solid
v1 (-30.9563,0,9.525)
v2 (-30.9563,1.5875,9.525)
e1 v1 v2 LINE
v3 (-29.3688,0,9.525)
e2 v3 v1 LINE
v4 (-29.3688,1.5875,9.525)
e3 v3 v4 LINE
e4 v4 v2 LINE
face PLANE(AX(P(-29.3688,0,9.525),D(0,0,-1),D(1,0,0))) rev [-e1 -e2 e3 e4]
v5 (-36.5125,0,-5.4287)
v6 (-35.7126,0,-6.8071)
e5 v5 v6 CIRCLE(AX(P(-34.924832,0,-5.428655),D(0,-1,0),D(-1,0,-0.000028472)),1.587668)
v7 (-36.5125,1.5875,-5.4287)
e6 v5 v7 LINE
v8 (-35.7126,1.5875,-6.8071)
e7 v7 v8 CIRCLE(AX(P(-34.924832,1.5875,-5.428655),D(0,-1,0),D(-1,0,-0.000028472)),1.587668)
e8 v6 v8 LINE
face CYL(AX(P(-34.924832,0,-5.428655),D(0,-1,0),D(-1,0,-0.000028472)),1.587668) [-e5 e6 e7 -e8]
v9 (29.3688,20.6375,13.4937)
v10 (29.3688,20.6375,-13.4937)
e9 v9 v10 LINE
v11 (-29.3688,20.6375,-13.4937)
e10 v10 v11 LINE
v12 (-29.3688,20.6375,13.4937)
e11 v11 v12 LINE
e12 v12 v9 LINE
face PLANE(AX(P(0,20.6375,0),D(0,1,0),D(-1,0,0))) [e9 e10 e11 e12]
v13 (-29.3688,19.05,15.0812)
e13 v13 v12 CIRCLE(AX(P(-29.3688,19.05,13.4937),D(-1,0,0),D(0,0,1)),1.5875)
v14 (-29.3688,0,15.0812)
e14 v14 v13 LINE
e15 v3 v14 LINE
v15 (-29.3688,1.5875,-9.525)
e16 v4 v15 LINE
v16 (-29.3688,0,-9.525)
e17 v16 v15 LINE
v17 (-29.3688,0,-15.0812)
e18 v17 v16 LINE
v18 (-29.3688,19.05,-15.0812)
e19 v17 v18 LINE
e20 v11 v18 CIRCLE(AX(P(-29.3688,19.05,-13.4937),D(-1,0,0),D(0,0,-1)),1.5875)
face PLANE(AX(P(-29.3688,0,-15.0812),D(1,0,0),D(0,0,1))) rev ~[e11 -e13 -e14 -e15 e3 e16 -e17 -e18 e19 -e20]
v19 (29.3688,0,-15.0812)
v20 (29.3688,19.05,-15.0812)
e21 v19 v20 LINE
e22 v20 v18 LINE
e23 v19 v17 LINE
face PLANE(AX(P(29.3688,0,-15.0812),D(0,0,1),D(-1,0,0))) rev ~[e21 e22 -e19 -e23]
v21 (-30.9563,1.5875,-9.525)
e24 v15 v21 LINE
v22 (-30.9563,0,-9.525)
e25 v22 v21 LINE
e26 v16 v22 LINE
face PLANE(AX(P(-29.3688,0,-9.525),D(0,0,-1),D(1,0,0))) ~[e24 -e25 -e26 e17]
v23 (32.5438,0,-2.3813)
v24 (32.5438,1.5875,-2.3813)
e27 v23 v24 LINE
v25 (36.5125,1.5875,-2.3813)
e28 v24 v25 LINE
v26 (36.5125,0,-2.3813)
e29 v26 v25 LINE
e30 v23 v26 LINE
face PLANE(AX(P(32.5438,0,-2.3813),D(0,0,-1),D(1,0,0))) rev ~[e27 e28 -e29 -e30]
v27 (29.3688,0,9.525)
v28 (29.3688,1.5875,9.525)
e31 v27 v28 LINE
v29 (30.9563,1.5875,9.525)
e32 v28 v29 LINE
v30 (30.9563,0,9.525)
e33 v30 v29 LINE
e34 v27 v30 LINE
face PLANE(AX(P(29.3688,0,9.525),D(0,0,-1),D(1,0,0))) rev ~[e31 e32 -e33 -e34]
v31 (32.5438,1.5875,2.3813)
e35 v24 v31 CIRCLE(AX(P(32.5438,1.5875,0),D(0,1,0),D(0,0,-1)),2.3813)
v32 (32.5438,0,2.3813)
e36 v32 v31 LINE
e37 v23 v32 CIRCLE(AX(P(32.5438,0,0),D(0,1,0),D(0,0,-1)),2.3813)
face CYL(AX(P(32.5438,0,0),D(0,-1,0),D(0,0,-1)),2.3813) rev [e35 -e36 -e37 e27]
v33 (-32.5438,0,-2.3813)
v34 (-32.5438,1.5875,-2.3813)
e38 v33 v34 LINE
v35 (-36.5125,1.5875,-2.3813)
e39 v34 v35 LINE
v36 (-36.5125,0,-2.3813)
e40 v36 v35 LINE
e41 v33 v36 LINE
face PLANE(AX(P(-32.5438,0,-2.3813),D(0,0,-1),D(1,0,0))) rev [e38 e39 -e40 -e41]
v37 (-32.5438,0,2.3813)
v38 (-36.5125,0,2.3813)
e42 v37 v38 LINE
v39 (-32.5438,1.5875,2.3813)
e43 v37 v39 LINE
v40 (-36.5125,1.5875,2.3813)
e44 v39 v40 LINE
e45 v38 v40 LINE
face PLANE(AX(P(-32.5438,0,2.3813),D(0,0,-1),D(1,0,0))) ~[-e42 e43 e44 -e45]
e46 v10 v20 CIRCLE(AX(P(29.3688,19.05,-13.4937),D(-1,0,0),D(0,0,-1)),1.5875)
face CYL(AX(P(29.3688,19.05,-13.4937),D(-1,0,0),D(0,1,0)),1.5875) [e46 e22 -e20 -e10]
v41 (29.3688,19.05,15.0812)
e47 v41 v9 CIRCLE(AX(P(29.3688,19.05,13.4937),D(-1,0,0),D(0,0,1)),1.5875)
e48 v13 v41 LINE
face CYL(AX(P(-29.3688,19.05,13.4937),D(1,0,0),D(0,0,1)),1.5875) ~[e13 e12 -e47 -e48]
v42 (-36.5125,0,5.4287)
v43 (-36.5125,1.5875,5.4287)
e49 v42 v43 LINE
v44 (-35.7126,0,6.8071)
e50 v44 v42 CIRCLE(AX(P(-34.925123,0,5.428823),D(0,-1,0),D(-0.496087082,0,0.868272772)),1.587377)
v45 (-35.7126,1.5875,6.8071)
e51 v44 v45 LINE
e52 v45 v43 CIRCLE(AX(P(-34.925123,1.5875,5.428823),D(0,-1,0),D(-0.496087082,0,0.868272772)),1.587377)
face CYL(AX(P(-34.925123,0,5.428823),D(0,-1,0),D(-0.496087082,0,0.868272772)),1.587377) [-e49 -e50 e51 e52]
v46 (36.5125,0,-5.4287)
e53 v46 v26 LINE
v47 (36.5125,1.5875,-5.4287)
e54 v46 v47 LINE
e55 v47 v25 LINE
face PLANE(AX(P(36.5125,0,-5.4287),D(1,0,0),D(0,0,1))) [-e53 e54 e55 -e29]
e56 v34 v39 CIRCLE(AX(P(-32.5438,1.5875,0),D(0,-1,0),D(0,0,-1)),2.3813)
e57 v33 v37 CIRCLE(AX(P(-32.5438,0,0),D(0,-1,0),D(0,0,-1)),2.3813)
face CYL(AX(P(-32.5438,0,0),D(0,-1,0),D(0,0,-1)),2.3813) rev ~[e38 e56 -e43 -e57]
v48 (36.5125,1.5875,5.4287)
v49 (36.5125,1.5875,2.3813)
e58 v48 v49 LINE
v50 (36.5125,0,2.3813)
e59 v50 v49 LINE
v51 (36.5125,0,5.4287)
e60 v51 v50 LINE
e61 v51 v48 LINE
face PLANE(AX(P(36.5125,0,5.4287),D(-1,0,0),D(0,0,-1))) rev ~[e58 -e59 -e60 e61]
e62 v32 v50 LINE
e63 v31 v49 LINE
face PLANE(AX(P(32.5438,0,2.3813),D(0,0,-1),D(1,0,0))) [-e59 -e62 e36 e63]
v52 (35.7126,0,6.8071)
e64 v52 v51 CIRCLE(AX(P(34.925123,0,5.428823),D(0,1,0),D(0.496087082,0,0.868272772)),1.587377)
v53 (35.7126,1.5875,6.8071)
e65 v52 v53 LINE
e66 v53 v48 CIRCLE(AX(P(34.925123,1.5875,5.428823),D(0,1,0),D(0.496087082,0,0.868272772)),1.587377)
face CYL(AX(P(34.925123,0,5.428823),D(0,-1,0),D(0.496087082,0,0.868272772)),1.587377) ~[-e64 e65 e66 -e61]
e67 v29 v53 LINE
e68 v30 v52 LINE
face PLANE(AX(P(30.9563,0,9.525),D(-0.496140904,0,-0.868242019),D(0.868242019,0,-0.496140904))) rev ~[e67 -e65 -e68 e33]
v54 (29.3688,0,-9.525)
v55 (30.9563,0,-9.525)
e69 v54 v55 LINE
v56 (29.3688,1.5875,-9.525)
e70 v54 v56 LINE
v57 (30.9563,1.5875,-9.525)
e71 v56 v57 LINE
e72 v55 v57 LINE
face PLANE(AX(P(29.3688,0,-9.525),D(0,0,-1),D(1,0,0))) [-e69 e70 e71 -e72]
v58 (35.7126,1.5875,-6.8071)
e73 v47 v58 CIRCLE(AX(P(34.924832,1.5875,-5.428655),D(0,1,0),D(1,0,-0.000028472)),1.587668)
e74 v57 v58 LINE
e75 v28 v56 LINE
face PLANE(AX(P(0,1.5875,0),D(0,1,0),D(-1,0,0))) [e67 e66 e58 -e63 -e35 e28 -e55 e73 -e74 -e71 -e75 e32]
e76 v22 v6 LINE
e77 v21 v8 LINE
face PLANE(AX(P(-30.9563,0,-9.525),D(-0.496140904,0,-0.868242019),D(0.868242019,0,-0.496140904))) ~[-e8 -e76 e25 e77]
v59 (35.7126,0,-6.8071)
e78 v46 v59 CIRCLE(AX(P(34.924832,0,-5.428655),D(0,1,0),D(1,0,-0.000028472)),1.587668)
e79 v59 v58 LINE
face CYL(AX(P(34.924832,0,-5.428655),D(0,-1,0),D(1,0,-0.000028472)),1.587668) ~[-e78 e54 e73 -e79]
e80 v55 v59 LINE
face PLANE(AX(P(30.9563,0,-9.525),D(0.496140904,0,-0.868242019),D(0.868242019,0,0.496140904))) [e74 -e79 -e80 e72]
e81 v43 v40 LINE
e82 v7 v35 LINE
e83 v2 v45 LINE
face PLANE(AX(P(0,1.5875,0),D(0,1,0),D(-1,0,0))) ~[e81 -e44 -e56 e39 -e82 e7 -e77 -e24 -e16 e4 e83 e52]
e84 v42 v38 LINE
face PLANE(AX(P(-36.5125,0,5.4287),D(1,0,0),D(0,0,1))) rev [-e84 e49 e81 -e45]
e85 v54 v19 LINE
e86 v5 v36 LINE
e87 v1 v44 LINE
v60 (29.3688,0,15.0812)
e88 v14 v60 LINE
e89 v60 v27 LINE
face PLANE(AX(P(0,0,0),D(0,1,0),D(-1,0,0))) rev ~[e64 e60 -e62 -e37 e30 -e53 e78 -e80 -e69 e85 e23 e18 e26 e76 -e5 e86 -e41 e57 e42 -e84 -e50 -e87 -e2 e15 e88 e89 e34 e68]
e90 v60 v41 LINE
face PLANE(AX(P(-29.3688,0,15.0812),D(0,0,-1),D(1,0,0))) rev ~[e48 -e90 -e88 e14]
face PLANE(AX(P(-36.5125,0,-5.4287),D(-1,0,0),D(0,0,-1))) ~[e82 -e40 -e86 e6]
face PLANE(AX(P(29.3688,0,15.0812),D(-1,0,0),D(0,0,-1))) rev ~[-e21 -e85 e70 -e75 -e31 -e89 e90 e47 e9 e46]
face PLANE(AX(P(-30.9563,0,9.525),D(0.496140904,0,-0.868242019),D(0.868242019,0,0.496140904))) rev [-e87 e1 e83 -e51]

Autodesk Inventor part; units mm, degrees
ref_plane "YZ Plane" through (0, 0, 0) normal (1, 0, 0) x (0, 1, 0)
ref_plane "XZ Plane" through (0, 0, 0) normal (0, 1, 0) x (-1, 0, 0)
ref_plane "XY Plane" through (0, 0, 0) normal (0, 0, 1) x (1, 0, 0)
sketch "Sketch1" plane through (0, 0, 0) normal (0, 1, 0) x (-1, 0, 0)
  line L0 (29.3688, 15.0812) -> (-29.3688, 15.0812)
  line L1 (-29.3688, 15.0812) -> (-29.3688, -15.0812)
  line L2 (-29.3688, -15.0812) -> (29.3688, -15.0812)
  line L3 (29.3688, -15.0812) -> (29.3688, 15.0812)
  line L4 (41.1163, 0) -> (-41.1162, 0) construction
  line L5 (0, -21.1137) -> (0, 21.1137) construction
  point P0 (0, 0)
  point P1 (0, -15.0812)
  point P2 (29.3688, 0)
  dimension "d0" = 58.7375
  dimension "d1" = 30.1625
extrude "Extrusion1" add sketch "Sketch1" along normal blind 20.6375
sketch "Sketch3" plane through (0, 0, 0) normal (0, 1, 0) x (-1, 0, 0)
  line L0 (-29.3688, 15.0812) -> (-29.3688, -15.0812) construction
  line L1 (41.1163, 0) -> (-41.1163, 0) construction
  line L2 (-29.3688, 9.525) -> (-29.3688, -9.525)
  line L3 (-29.3688, -9.525) -> (-30.9563, -9.525)
  line L4 (-30.9563, -9.525) -> (-35.7126, -6.8071)
  arc A0 (-32.5438, -2.3813) -> (-32.5438, 2.3813) centre (-32.5438, 0) ccw
  line L5 (-32.5438, -2.3813) -> (-36.5125, -2.3813)
  line L6 (-36.5125, -5.4287) -> (-36.5125, -2.3813)
  line L7 (-29.3688, 9.525) -> (-30.9563, 9.525)
  line L8 (-30.9563, 9.525) -> (-35.7126, 6.8071)
  line L9 (-32.5438, 2.3813) -> (-36.5125, 2.3813)
  line L10 (-36.5125, 5.4287) -> (-36.5125, 2.3813)
  arc A1 (-36.5125, -5.4287) -> (-35.7126, -6.8071) centre (-34.925, -5.4287) ccw
  arc A2 (-35.7126, 6.8071) -> (-36.5125, 5.4287) centre (-34.925, 5.4287) ccw
  point P0 (0, 0)
  point P1 (-29.3688, 0)
  point P2 (-36.5125, -6.35)
  point P3 (-30.1625, 0)
  point P4 (-36.5125, 6.35)
  dimension "d4" = 19.05
  dimension "d5" = 1.5875
  dimension "d6" = 7.1437
  dimension "d7" = 6.35
  dimension "d9" = 4.7625
  dimension "d10" = 6.35
  dimension "d11" = 1.5875
  dimension "d12" = 1.5875
extrude "Extrusion2" add sketch "Sketch3" along normal blind 1.5875
mirror "Mirror1" about plane through (0, 0, 0) normal (1, 0, 0) of "Extrusion2"
fillet "Fillet1" radius 1.5875 2 edges at (0, 20.6375, 15.0812) (0, 20.6375, -15.0812)
properties part number "Drok-DC-9v+-to-5v-Converter"
